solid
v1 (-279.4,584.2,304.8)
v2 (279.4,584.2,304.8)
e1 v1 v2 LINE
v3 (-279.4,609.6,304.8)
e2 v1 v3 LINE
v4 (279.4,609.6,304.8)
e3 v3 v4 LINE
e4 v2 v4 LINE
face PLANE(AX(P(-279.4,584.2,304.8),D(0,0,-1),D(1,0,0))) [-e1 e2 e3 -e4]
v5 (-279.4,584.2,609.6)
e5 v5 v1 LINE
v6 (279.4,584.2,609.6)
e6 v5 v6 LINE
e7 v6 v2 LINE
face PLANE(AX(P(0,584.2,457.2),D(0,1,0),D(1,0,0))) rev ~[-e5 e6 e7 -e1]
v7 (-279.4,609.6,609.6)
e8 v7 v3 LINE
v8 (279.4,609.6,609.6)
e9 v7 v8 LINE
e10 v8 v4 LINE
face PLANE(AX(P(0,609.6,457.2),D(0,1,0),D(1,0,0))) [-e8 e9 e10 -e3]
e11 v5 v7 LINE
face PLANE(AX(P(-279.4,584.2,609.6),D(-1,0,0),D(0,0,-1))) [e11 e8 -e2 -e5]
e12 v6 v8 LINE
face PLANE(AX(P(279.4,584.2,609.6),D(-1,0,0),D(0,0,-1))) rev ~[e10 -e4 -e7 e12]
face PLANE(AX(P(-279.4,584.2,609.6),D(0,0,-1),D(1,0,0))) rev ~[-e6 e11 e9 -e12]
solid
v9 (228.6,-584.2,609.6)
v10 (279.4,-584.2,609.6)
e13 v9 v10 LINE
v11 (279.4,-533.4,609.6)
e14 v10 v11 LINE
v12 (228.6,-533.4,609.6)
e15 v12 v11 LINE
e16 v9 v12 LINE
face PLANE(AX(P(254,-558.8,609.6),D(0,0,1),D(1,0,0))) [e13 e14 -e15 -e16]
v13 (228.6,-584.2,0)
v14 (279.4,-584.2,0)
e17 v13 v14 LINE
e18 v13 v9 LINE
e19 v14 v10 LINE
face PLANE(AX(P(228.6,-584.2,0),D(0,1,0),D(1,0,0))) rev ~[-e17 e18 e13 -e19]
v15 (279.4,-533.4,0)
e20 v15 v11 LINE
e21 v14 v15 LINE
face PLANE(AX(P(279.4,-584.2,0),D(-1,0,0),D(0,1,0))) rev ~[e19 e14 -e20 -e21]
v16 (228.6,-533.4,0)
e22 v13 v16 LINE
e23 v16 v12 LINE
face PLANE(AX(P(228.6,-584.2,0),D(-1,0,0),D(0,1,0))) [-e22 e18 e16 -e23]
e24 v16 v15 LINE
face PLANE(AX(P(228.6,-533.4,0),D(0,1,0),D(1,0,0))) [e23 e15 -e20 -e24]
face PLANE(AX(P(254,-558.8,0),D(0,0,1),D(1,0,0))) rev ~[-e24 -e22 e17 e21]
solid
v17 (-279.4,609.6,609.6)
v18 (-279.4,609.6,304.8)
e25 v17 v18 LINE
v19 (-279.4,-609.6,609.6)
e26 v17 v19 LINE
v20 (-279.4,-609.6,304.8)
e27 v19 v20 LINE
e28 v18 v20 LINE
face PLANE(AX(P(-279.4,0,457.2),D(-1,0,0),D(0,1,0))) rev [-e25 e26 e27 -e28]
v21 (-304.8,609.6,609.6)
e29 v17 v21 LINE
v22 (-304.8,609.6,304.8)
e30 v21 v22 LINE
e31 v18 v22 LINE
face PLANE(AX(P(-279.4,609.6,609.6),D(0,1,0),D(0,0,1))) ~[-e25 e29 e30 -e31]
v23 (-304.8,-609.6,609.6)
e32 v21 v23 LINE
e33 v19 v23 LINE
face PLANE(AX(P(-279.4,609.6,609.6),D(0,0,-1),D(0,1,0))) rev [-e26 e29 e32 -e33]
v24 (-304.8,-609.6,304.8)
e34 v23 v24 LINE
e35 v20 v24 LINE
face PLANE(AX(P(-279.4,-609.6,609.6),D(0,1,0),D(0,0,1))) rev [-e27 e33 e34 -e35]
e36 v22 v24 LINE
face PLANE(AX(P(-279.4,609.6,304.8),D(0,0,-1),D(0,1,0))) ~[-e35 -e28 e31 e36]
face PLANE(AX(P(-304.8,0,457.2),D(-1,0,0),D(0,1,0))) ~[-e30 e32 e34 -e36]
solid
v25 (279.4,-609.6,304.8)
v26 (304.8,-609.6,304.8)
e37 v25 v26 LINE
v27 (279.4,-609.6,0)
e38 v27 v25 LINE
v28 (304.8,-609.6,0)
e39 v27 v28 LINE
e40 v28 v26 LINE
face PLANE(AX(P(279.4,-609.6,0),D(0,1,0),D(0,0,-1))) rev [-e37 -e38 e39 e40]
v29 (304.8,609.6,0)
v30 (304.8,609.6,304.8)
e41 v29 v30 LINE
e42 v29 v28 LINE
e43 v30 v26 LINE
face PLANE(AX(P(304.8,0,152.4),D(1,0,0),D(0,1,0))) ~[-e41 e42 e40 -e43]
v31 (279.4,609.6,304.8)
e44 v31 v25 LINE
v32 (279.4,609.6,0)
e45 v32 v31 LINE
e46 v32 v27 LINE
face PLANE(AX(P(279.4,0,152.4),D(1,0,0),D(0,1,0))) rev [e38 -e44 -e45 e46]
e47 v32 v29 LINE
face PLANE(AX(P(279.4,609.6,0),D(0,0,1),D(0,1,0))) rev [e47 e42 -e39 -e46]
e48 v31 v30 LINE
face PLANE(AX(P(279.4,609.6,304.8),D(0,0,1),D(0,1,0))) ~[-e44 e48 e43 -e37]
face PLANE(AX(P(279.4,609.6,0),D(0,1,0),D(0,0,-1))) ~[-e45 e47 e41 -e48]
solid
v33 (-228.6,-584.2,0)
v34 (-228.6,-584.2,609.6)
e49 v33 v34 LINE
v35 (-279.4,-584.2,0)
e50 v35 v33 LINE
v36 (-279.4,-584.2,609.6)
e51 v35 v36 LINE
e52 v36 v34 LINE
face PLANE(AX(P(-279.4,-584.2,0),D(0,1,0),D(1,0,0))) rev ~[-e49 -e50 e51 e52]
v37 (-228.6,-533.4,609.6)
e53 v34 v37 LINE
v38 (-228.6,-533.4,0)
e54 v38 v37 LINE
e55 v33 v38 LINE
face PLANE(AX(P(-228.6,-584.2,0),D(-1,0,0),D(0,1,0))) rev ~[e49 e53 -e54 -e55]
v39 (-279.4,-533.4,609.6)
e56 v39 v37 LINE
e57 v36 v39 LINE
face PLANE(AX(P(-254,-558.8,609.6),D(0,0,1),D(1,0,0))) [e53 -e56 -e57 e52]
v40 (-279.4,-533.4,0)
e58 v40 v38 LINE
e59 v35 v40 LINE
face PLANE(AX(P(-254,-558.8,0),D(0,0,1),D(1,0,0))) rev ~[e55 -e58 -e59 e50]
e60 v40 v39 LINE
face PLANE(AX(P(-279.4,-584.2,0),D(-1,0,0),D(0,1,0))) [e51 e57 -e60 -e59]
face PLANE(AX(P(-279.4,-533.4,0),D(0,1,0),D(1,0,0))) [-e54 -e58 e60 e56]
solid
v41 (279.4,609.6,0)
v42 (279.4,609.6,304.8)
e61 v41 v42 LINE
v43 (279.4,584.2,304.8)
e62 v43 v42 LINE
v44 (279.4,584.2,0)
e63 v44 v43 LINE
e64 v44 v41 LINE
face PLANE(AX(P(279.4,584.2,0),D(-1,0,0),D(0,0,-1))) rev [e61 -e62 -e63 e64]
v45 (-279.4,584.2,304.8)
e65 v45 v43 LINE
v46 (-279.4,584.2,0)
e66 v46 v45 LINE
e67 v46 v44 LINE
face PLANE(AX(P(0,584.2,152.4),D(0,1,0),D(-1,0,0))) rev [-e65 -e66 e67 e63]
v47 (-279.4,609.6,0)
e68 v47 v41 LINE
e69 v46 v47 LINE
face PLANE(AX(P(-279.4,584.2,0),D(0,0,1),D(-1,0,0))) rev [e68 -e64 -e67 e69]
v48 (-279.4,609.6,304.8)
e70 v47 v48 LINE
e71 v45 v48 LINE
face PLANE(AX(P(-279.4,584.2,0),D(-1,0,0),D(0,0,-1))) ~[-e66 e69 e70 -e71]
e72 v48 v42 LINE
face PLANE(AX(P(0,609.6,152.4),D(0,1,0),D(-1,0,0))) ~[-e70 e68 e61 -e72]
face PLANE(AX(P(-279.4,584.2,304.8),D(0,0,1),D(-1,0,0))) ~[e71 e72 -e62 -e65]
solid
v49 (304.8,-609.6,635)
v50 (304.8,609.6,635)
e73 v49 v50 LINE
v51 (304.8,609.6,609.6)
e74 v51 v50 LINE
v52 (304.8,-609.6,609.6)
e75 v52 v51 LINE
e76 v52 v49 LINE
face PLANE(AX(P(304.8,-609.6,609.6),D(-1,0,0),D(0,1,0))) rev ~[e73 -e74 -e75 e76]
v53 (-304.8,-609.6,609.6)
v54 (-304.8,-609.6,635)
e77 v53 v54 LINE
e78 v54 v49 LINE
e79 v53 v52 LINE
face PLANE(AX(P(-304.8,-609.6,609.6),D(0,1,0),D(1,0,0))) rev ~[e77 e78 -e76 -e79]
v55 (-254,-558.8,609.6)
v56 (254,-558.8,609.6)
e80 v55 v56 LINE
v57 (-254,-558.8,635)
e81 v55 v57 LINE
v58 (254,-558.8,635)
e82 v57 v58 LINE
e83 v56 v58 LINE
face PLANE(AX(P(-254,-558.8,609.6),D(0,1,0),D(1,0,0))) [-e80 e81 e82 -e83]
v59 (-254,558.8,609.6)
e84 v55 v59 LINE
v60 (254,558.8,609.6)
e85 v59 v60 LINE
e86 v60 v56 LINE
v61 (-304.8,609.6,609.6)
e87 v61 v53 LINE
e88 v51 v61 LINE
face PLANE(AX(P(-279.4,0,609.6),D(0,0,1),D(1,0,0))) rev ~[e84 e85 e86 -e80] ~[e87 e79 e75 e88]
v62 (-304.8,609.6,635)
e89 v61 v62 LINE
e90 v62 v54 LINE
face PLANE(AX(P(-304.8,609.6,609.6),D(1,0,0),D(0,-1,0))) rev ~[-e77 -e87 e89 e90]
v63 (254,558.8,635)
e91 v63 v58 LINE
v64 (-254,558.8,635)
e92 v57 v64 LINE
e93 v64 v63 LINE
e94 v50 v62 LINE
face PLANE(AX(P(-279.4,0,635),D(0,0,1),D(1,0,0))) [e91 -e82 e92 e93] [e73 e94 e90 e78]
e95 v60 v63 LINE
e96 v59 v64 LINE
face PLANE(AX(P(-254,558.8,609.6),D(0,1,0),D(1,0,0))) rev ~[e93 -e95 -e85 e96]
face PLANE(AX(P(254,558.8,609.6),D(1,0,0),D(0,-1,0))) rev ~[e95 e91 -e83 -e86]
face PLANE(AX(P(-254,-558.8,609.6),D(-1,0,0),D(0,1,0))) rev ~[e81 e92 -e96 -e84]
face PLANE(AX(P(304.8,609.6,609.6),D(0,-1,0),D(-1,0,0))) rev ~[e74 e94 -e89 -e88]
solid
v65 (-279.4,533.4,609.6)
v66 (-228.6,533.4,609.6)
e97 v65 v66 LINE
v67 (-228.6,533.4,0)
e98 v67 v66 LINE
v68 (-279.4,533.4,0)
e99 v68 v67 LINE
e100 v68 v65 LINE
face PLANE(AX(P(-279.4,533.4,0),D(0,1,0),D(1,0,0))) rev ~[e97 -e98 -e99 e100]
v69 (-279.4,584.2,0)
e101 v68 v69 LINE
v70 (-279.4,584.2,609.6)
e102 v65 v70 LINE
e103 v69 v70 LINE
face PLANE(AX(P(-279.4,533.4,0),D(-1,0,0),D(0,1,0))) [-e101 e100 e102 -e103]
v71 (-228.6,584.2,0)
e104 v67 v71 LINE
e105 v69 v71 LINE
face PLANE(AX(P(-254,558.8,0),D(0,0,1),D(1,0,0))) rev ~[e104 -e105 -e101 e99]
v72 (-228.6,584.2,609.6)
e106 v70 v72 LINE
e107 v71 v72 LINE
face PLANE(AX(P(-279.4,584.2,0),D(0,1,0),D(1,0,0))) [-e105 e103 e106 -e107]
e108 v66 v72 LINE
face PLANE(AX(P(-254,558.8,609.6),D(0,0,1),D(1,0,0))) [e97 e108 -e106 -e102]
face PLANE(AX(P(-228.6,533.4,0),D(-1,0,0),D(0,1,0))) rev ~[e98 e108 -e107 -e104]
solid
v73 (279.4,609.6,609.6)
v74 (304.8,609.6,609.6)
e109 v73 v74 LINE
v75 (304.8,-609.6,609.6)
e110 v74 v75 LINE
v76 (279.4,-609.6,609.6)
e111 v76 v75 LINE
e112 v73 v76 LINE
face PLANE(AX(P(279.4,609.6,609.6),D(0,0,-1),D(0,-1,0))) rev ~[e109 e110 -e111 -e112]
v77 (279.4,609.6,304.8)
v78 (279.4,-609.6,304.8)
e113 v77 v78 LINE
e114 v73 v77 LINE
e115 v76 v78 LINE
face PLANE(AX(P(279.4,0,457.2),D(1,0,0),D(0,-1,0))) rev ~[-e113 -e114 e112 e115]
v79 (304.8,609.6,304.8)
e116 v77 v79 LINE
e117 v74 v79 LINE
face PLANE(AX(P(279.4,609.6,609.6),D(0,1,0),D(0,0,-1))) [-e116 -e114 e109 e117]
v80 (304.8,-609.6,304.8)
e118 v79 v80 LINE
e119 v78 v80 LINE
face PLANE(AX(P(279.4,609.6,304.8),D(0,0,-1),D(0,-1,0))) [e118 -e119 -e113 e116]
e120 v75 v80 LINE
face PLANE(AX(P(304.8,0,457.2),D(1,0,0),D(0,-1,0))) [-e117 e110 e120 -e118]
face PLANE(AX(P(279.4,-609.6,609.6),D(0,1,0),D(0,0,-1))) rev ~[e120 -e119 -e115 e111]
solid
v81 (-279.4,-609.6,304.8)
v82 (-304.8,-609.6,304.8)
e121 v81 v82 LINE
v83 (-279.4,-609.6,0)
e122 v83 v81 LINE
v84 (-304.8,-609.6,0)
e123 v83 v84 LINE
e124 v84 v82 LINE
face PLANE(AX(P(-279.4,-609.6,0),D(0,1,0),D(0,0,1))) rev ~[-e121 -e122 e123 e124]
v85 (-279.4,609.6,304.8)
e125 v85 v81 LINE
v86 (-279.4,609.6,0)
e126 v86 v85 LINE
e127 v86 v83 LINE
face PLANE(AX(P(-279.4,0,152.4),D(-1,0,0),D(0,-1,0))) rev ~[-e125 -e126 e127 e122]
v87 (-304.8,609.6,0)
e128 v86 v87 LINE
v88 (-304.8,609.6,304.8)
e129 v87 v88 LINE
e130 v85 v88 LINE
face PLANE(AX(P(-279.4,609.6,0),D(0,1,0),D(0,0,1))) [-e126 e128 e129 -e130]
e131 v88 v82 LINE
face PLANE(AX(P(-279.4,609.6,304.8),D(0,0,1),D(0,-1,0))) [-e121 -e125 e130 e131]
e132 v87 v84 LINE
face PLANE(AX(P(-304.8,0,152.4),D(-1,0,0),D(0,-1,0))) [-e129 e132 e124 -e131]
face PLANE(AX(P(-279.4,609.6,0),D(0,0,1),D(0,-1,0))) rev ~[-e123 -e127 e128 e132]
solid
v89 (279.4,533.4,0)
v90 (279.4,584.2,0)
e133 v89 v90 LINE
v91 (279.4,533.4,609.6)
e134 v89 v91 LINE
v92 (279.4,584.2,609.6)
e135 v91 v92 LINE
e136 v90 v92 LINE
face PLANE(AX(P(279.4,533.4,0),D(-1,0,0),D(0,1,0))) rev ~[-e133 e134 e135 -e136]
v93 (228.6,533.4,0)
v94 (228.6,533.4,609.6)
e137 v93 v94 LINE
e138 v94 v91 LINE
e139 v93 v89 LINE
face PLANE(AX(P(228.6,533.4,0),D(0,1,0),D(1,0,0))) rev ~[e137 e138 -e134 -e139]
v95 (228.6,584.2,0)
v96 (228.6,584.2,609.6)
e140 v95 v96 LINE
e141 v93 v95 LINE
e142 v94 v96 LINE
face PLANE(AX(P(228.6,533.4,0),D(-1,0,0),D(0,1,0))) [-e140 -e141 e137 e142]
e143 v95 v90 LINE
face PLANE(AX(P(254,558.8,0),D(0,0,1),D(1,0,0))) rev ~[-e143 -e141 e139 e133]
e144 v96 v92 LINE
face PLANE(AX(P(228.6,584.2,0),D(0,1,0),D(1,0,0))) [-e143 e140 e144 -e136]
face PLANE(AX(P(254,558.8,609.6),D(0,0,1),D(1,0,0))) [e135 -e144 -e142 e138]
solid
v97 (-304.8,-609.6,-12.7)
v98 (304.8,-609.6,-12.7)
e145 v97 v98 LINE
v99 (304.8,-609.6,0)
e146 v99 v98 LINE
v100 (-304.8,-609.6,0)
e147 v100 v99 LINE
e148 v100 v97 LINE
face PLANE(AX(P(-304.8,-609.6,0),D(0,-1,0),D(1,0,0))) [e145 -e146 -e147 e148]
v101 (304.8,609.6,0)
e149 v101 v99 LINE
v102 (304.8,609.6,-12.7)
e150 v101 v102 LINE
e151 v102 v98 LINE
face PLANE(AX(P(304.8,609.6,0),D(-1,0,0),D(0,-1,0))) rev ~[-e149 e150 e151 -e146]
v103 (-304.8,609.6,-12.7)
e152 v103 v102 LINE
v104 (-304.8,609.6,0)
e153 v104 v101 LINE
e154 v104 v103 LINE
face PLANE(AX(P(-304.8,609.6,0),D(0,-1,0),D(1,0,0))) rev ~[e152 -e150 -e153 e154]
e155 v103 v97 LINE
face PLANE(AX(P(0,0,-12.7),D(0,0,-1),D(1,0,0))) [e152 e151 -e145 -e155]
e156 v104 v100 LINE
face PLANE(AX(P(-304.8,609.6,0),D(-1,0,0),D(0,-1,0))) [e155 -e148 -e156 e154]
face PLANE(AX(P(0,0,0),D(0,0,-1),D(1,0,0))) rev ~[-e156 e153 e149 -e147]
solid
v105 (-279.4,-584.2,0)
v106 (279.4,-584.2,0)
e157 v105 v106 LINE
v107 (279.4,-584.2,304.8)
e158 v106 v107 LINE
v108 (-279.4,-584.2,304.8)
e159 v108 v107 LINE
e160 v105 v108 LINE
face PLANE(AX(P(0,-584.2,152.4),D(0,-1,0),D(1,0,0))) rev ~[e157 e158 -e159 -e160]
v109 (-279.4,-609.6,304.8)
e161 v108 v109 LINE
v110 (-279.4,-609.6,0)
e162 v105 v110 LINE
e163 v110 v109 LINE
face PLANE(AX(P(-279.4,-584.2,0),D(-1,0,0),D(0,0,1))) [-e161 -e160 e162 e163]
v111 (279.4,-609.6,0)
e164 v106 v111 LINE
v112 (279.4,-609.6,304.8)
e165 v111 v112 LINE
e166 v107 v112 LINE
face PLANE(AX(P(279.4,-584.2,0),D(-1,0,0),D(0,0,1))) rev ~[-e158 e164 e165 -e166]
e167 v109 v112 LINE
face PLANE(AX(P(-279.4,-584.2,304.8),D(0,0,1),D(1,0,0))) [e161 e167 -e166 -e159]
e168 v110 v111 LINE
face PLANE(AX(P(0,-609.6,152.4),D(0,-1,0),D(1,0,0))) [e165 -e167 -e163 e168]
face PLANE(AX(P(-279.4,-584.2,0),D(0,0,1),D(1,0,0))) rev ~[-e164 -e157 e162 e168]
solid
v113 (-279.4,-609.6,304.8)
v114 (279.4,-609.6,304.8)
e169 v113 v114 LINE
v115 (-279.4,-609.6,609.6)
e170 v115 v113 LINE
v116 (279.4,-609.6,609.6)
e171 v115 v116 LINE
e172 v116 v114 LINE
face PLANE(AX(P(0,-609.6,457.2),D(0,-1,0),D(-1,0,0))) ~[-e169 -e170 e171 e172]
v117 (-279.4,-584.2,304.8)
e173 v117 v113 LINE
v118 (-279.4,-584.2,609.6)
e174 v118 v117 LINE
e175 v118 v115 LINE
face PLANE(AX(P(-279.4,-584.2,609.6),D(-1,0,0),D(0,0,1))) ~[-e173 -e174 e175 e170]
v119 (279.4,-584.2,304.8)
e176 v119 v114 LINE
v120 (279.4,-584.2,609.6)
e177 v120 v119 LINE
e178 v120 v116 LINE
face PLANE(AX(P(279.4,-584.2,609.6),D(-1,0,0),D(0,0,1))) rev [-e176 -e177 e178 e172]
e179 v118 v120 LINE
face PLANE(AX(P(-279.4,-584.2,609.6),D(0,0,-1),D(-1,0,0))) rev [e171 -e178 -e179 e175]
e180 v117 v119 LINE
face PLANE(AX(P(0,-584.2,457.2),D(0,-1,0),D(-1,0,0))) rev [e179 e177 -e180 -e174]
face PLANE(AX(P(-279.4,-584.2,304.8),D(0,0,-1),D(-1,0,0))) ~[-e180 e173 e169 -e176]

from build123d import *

# Parameters (mm, degrees)
F0_W      = 50.8
F0_H      = 50.8
F1_DEPTH  = 609.6
F2_W      = 558.8
F2_H      = 304.8
F3_DEPTH  = 25.4
F6_W      = 1219.2
F6_H      = 304.8
F7_DEPTH  = 25.4
F10_W     = 609.6
F10_H     = 1219.2
F11_DEPTH = 12.7
F13_W     = 508
F13_H     = 50.8
F14_DEPTH = 25.4


with BuildPart() as f1:
    # F0 (on Top) → F1 (new body)
    with BuildSketch(Plane.XY):
        with Locations((254, -558.8)):
            Rectangle(F0_W, F0_H)
        with Locations((-254, -558.8)):
            Rectangle(F0_W, F0_H)
        with Locations((-254, 558.8)):
            Rectangle(F0_W, F0_H)
        with Locations((254, 558.8)):
            Rectangle(F0_W, F0_H)
    extrude(amount=F1_DEPTH)


with BuildPart() as f3:
    # F2 (on face) → F3 (new body)
    with BuildSketch(Plane.XZ.offset(584.2)):
        with Locations((0, 152.4)):
            Rectangle(F2_W, F2_H)
    extrude(amount=F3_DEPTH)


with BuildPart() as f4_1:
    # F4: instance of F3
    add(f3.part.mirror(Plane(origin=(0, -596.9, 304.8), x_dir=(1, 0, 0), z_dir=(0, 0, 1))))


with BuildPart() as f5_1:
    # F5: instance of F4_1
    add(f4_1.part.mirror(Plane.XZ))


with BuildPart() as f5_2:
    # F5: instance of F3
    add(f3.part.mirror(Plane.XZ))


with BuildPart() as f7:
    # F6 (on face) → F7 (new body)
    with BuildSketch(Plane(origin=(-279.4, 0, 0), x_dir=(0, -1, 0), z_dir=(-1, 0, 0))):
        with Locations((0, 152.4)):
            Rectangle(F6_W, F6_H)
    extrude(amount=F7_DEPTH)


with BuildPart() as f8_1:
    # F8: instance of F7
    add(f7.part.mirror(Plane(origin=(-292.1, 0, 304.8), x_dir=(1, 0, 0), z_dir=(0, 0, 1))))


with BuildPart() as f9_1:
    # F9: instance of F7
    add(f7.part.mirror(Plane.YZ))


with BuildPart() as f9_2:
    # F9: instance of F8_1
    add(f8_1.part.mirror(Plane.YZ))


with BuildPart() as f11:
    # F10 (on face) → F11 (new body)
    with BuildSketch(Plane(origin=(0, 0, 0), x_dir=(1, 0, 0), z_dir=(0, 0, -1))):
        Rectangle(F10_W, F10_H)
    extrude(amount=F11_DEPTH)


with BuildPart() as f14:
    # F13 (on face) → F14 (new body)
    with BuildSketch(Plane.XY.offset(609.6)):
        Polygon((-304.8, 609.6), (-304.8, -609.6), (-254, -609.6), (-254, -558.8), (-254, 558.8), (-254, 609.6), align=None)
        with Locations((0, -584.2)):
            Rectangle(F13_W, F13_H)
        Polygon((254, -558.8), (254, -609.6), (304.8, -609.6), (304.8, 609.6), (254, 609.6), (254, 558.8), align=None)
        with Locations((0, 584.2)):
            Rectangle(F13_W, F13_H)
    extrude(amount=F14_DEPTH)


solid = Compound([f1.part, f3.part, f4_1.part, f5_1.part, f5_2.part, f7.part, f8_1.part, f9_1.part, f9_2.part, f11.part, f14.part])
